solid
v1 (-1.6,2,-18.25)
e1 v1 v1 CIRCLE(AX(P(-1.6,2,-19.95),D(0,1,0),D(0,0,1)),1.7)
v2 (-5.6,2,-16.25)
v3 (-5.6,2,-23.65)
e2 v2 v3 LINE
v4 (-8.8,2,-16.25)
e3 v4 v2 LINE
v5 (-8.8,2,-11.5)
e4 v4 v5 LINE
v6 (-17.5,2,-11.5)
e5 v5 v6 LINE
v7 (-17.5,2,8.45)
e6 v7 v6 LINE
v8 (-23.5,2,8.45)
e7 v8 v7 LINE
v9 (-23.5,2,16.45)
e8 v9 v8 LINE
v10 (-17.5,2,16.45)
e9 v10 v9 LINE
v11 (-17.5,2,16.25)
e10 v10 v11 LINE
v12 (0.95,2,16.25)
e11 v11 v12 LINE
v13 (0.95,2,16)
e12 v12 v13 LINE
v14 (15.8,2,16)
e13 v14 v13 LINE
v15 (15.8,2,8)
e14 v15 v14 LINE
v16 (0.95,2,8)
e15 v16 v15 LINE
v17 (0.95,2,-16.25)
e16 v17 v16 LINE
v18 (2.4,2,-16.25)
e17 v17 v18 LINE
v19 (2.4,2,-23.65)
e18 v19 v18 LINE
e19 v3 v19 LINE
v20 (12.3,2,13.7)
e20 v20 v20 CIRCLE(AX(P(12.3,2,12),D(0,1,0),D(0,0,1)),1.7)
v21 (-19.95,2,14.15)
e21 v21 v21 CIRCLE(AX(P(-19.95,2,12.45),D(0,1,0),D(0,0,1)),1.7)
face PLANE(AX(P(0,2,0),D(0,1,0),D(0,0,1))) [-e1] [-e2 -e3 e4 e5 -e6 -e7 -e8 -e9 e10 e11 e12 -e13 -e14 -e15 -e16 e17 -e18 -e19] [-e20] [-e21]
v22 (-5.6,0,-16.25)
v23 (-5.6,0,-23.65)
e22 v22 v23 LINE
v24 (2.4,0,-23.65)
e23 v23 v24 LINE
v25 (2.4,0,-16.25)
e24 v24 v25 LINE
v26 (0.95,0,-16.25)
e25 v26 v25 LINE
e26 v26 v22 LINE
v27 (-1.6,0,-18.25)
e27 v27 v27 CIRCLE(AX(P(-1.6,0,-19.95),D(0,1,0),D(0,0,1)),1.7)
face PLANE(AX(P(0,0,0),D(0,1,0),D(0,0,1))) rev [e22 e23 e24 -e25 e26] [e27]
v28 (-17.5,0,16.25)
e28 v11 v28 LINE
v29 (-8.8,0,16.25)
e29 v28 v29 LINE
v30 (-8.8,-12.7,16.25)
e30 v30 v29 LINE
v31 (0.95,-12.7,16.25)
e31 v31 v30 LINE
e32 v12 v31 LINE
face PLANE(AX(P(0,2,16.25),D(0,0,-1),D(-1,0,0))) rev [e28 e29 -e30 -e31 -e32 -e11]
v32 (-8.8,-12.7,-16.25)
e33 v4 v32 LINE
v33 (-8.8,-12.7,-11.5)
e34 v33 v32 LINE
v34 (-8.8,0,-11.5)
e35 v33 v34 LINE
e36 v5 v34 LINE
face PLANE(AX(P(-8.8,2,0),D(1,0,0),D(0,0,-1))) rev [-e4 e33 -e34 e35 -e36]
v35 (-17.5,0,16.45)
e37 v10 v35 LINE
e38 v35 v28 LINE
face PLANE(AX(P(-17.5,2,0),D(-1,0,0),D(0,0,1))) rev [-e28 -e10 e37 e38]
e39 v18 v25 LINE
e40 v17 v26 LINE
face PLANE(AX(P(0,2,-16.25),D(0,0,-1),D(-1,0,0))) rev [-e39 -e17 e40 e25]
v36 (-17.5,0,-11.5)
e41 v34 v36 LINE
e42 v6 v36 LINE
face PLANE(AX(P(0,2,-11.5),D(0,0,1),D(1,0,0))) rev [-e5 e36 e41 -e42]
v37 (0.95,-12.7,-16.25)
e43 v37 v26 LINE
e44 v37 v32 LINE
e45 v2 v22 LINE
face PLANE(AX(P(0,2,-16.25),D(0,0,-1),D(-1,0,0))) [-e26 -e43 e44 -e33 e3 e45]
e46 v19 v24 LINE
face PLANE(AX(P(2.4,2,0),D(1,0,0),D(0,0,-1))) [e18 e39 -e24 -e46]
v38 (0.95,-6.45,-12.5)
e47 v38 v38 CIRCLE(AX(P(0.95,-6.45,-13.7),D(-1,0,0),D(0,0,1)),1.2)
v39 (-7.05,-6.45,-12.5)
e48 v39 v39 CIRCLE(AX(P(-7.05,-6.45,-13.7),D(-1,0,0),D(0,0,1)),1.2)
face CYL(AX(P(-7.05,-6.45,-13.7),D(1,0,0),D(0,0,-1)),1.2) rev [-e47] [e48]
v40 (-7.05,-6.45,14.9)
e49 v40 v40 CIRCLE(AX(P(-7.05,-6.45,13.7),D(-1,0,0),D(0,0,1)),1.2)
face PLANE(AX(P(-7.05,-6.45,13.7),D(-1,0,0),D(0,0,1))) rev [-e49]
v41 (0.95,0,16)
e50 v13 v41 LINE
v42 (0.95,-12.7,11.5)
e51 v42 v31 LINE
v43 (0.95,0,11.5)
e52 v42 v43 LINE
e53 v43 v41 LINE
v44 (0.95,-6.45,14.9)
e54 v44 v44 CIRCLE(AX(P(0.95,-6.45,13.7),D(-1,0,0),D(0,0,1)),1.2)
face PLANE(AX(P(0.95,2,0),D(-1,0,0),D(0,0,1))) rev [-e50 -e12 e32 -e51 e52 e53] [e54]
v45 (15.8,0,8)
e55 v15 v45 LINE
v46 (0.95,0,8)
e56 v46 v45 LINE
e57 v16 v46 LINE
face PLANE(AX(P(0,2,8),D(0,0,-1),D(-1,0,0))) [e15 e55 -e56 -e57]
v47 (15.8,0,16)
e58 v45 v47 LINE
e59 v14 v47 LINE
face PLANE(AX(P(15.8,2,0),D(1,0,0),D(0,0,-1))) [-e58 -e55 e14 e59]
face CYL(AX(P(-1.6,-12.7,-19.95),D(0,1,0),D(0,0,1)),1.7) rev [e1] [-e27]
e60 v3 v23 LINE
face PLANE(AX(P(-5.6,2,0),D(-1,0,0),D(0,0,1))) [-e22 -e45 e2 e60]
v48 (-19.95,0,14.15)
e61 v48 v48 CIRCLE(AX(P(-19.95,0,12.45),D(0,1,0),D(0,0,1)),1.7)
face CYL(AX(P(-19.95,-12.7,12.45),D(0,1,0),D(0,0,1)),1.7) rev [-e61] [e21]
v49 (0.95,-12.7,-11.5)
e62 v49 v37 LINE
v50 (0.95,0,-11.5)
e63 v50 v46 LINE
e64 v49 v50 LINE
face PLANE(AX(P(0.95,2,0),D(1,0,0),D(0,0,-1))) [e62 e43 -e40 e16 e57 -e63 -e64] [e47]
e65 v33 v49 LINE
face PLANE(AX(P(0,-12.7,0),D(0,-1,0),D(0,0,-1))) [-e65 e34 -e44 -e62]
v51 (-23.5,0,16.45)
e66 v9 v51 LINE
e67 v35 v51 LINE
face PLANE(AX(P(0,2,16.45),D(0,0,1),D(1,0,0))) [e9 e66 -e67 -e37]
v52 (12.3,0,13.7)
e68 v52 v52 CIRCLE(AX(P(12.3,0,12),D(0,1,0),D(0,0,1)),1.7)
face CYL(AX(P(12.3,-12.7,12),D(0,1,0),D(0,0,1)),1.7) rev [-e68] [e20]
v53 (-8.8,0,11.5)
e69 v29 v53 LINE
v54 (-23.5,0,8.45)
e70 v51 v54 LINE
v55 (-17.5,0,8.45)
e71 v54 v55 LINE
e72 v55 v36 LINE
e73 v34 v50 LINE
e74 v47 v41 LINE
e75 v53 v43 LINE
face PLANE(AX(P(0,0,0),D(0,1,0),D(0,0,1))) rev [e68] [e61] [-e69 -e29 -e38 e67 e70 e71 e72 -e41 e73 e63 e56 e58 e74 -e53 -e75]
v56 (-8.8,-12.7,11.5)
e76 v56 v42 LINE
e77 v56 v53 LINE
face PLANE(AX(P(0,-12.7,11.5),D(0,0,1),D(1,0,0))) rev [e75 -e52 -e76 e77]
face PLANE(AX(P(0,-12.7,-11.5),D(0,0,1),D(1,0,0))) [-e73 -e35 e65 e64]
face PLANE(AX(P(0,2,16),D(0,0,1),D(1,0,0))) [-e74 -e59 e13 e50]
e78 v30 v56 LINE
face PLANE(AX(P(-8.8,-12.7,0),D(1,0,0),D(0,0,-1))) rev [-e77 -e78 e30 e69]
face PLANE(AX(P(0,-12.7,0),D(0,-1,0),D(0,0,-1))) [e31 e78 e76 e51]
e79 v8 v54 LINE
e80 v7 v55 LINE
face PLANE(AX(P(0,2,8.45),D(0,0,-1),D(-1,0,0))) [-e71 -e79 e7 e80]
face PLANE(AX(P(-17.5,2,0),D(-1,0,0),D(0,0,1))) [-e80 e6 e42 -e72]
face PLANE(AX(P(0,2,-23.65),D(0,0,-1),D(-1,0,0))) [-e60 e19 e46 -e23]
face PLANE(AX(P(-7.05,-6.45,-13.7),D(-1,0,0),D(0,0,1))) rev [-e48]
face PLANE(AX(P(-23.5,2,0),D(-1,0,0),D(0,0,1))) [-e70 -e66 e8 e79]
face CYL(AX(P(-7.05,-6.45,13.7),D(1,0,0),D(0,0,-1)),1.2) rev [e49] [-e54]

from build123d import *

# Parameters (mm, degrees)
BOSS_EXTRUDE1_DEPTH     = 2
SKETCH1_5_W             = 9.75
SKETCH1_5_H             = 4.75
BOSS_EXTRUDE2_DEPTH     = 12.7
CUT_EXTRUDE1_DEPTH      = 36.677198601
CUT_EXTRUDE1_DEPTH_BACK = 36.677198601
SKETCH1_6_R             = 1.7
CUT_EXTRUDE2_START      = 0.95
SKETCH2_R               = 1.2
CUT_EXTRUDE2_DEPTH      = 8


with BuildPart() as part:
    # Sketch1 → Boss-Extrude1 (new body)
    with BuildSketch(Plane(origin=(0, 0, 0), x_dir=(1, 0, 0), z_dir=(0, 1, 0))):
        Polygon((0.95, 16.25), (2.4, 16.25), (2.4, 23.65), (-5.6, 23.65), (-5.6, 16.25), (-8.8, 16.25), (-8.8, 11.5), (-17.5, 11.5), (-17.5, -8.45), (-23.5, -8.45), (-23.5, -16.45), (-17.5, -16.45), (-17.5, -16.25), (0.95, -16.25), (0.95, -16), (15.8, -16), (15.8, -8), (0.95, -8), align=None)
    extrude(amount=BOSS_EXTRUDE1_DEPTH)

    # Sketch1<5> → Boss-Extrude2 (add)
    with BuildSketch(Plane(origin=(0, 0, 0), x_dir=(1, 0, 0), z_dir=(0, 1, 0))):
        with Locations((-3.925, 13.875)):
            Rectangle(SKETCH1_5_W, SKETCH1_5_H)
        with Locations((-3.925, -13.875)):
            Rectangle(SKETCH1_5_W, SKETCH1_5_H)
    extrude(amount=-BOSS_EXTRUDE2_DEPTH)

    # Sketch1<6> → Cut-Extrude1 (cut, two sides: drawn at the far end of the back side and taken through both)
    with BuildSketch(Plane(origin=(0, 0, 0), x_dir=(1, 0, 0), z_dir=(0, 1, 0)).offset(-CUT_EXTRUDE1_DEPTH_BACK)):
        with Locations(Location((-1.6, 19.95, 0), (0, 0, 270))):
            Circle(SKETCH1_6_R)
        with Locations(Location((12.3, -12, 0), (0, 0, 270))):
            Circle(SKETCH1_6_R)
        with Locations(Location((-19.95, -12.45, 0), (0, 0, 270))):
            Circle(SKETCH1_6_R)
    extrude(amount=CUT_EXTRUDE1_DEPTH + CUT_EXTRUDE1_DEPTH_BACK, mode=Mode.SUBTRACT)

    # Sketch2 → Cut-Extrude2 (cut)
    with BuildSketch(Plane(origin=(0, 0, 0), x_dir=(0, 0, -1), z_dir=(1, 0, 0)).offset(CUT_EXTRUDE2_START)):
        with Locations(Location((-13.7, -6.45, 0), (0, 0, 180))):
            Circle(SKETCH2_R)
        with Locations(Location((13.7, -6.45, 0), (0, 0, 180))):
            Circle(SKETCH2_R)
    extrude(amount=-CUT_EXTRUDE2_DEPTH, mode=Mode.SUBTRACT)


solid = part.part
